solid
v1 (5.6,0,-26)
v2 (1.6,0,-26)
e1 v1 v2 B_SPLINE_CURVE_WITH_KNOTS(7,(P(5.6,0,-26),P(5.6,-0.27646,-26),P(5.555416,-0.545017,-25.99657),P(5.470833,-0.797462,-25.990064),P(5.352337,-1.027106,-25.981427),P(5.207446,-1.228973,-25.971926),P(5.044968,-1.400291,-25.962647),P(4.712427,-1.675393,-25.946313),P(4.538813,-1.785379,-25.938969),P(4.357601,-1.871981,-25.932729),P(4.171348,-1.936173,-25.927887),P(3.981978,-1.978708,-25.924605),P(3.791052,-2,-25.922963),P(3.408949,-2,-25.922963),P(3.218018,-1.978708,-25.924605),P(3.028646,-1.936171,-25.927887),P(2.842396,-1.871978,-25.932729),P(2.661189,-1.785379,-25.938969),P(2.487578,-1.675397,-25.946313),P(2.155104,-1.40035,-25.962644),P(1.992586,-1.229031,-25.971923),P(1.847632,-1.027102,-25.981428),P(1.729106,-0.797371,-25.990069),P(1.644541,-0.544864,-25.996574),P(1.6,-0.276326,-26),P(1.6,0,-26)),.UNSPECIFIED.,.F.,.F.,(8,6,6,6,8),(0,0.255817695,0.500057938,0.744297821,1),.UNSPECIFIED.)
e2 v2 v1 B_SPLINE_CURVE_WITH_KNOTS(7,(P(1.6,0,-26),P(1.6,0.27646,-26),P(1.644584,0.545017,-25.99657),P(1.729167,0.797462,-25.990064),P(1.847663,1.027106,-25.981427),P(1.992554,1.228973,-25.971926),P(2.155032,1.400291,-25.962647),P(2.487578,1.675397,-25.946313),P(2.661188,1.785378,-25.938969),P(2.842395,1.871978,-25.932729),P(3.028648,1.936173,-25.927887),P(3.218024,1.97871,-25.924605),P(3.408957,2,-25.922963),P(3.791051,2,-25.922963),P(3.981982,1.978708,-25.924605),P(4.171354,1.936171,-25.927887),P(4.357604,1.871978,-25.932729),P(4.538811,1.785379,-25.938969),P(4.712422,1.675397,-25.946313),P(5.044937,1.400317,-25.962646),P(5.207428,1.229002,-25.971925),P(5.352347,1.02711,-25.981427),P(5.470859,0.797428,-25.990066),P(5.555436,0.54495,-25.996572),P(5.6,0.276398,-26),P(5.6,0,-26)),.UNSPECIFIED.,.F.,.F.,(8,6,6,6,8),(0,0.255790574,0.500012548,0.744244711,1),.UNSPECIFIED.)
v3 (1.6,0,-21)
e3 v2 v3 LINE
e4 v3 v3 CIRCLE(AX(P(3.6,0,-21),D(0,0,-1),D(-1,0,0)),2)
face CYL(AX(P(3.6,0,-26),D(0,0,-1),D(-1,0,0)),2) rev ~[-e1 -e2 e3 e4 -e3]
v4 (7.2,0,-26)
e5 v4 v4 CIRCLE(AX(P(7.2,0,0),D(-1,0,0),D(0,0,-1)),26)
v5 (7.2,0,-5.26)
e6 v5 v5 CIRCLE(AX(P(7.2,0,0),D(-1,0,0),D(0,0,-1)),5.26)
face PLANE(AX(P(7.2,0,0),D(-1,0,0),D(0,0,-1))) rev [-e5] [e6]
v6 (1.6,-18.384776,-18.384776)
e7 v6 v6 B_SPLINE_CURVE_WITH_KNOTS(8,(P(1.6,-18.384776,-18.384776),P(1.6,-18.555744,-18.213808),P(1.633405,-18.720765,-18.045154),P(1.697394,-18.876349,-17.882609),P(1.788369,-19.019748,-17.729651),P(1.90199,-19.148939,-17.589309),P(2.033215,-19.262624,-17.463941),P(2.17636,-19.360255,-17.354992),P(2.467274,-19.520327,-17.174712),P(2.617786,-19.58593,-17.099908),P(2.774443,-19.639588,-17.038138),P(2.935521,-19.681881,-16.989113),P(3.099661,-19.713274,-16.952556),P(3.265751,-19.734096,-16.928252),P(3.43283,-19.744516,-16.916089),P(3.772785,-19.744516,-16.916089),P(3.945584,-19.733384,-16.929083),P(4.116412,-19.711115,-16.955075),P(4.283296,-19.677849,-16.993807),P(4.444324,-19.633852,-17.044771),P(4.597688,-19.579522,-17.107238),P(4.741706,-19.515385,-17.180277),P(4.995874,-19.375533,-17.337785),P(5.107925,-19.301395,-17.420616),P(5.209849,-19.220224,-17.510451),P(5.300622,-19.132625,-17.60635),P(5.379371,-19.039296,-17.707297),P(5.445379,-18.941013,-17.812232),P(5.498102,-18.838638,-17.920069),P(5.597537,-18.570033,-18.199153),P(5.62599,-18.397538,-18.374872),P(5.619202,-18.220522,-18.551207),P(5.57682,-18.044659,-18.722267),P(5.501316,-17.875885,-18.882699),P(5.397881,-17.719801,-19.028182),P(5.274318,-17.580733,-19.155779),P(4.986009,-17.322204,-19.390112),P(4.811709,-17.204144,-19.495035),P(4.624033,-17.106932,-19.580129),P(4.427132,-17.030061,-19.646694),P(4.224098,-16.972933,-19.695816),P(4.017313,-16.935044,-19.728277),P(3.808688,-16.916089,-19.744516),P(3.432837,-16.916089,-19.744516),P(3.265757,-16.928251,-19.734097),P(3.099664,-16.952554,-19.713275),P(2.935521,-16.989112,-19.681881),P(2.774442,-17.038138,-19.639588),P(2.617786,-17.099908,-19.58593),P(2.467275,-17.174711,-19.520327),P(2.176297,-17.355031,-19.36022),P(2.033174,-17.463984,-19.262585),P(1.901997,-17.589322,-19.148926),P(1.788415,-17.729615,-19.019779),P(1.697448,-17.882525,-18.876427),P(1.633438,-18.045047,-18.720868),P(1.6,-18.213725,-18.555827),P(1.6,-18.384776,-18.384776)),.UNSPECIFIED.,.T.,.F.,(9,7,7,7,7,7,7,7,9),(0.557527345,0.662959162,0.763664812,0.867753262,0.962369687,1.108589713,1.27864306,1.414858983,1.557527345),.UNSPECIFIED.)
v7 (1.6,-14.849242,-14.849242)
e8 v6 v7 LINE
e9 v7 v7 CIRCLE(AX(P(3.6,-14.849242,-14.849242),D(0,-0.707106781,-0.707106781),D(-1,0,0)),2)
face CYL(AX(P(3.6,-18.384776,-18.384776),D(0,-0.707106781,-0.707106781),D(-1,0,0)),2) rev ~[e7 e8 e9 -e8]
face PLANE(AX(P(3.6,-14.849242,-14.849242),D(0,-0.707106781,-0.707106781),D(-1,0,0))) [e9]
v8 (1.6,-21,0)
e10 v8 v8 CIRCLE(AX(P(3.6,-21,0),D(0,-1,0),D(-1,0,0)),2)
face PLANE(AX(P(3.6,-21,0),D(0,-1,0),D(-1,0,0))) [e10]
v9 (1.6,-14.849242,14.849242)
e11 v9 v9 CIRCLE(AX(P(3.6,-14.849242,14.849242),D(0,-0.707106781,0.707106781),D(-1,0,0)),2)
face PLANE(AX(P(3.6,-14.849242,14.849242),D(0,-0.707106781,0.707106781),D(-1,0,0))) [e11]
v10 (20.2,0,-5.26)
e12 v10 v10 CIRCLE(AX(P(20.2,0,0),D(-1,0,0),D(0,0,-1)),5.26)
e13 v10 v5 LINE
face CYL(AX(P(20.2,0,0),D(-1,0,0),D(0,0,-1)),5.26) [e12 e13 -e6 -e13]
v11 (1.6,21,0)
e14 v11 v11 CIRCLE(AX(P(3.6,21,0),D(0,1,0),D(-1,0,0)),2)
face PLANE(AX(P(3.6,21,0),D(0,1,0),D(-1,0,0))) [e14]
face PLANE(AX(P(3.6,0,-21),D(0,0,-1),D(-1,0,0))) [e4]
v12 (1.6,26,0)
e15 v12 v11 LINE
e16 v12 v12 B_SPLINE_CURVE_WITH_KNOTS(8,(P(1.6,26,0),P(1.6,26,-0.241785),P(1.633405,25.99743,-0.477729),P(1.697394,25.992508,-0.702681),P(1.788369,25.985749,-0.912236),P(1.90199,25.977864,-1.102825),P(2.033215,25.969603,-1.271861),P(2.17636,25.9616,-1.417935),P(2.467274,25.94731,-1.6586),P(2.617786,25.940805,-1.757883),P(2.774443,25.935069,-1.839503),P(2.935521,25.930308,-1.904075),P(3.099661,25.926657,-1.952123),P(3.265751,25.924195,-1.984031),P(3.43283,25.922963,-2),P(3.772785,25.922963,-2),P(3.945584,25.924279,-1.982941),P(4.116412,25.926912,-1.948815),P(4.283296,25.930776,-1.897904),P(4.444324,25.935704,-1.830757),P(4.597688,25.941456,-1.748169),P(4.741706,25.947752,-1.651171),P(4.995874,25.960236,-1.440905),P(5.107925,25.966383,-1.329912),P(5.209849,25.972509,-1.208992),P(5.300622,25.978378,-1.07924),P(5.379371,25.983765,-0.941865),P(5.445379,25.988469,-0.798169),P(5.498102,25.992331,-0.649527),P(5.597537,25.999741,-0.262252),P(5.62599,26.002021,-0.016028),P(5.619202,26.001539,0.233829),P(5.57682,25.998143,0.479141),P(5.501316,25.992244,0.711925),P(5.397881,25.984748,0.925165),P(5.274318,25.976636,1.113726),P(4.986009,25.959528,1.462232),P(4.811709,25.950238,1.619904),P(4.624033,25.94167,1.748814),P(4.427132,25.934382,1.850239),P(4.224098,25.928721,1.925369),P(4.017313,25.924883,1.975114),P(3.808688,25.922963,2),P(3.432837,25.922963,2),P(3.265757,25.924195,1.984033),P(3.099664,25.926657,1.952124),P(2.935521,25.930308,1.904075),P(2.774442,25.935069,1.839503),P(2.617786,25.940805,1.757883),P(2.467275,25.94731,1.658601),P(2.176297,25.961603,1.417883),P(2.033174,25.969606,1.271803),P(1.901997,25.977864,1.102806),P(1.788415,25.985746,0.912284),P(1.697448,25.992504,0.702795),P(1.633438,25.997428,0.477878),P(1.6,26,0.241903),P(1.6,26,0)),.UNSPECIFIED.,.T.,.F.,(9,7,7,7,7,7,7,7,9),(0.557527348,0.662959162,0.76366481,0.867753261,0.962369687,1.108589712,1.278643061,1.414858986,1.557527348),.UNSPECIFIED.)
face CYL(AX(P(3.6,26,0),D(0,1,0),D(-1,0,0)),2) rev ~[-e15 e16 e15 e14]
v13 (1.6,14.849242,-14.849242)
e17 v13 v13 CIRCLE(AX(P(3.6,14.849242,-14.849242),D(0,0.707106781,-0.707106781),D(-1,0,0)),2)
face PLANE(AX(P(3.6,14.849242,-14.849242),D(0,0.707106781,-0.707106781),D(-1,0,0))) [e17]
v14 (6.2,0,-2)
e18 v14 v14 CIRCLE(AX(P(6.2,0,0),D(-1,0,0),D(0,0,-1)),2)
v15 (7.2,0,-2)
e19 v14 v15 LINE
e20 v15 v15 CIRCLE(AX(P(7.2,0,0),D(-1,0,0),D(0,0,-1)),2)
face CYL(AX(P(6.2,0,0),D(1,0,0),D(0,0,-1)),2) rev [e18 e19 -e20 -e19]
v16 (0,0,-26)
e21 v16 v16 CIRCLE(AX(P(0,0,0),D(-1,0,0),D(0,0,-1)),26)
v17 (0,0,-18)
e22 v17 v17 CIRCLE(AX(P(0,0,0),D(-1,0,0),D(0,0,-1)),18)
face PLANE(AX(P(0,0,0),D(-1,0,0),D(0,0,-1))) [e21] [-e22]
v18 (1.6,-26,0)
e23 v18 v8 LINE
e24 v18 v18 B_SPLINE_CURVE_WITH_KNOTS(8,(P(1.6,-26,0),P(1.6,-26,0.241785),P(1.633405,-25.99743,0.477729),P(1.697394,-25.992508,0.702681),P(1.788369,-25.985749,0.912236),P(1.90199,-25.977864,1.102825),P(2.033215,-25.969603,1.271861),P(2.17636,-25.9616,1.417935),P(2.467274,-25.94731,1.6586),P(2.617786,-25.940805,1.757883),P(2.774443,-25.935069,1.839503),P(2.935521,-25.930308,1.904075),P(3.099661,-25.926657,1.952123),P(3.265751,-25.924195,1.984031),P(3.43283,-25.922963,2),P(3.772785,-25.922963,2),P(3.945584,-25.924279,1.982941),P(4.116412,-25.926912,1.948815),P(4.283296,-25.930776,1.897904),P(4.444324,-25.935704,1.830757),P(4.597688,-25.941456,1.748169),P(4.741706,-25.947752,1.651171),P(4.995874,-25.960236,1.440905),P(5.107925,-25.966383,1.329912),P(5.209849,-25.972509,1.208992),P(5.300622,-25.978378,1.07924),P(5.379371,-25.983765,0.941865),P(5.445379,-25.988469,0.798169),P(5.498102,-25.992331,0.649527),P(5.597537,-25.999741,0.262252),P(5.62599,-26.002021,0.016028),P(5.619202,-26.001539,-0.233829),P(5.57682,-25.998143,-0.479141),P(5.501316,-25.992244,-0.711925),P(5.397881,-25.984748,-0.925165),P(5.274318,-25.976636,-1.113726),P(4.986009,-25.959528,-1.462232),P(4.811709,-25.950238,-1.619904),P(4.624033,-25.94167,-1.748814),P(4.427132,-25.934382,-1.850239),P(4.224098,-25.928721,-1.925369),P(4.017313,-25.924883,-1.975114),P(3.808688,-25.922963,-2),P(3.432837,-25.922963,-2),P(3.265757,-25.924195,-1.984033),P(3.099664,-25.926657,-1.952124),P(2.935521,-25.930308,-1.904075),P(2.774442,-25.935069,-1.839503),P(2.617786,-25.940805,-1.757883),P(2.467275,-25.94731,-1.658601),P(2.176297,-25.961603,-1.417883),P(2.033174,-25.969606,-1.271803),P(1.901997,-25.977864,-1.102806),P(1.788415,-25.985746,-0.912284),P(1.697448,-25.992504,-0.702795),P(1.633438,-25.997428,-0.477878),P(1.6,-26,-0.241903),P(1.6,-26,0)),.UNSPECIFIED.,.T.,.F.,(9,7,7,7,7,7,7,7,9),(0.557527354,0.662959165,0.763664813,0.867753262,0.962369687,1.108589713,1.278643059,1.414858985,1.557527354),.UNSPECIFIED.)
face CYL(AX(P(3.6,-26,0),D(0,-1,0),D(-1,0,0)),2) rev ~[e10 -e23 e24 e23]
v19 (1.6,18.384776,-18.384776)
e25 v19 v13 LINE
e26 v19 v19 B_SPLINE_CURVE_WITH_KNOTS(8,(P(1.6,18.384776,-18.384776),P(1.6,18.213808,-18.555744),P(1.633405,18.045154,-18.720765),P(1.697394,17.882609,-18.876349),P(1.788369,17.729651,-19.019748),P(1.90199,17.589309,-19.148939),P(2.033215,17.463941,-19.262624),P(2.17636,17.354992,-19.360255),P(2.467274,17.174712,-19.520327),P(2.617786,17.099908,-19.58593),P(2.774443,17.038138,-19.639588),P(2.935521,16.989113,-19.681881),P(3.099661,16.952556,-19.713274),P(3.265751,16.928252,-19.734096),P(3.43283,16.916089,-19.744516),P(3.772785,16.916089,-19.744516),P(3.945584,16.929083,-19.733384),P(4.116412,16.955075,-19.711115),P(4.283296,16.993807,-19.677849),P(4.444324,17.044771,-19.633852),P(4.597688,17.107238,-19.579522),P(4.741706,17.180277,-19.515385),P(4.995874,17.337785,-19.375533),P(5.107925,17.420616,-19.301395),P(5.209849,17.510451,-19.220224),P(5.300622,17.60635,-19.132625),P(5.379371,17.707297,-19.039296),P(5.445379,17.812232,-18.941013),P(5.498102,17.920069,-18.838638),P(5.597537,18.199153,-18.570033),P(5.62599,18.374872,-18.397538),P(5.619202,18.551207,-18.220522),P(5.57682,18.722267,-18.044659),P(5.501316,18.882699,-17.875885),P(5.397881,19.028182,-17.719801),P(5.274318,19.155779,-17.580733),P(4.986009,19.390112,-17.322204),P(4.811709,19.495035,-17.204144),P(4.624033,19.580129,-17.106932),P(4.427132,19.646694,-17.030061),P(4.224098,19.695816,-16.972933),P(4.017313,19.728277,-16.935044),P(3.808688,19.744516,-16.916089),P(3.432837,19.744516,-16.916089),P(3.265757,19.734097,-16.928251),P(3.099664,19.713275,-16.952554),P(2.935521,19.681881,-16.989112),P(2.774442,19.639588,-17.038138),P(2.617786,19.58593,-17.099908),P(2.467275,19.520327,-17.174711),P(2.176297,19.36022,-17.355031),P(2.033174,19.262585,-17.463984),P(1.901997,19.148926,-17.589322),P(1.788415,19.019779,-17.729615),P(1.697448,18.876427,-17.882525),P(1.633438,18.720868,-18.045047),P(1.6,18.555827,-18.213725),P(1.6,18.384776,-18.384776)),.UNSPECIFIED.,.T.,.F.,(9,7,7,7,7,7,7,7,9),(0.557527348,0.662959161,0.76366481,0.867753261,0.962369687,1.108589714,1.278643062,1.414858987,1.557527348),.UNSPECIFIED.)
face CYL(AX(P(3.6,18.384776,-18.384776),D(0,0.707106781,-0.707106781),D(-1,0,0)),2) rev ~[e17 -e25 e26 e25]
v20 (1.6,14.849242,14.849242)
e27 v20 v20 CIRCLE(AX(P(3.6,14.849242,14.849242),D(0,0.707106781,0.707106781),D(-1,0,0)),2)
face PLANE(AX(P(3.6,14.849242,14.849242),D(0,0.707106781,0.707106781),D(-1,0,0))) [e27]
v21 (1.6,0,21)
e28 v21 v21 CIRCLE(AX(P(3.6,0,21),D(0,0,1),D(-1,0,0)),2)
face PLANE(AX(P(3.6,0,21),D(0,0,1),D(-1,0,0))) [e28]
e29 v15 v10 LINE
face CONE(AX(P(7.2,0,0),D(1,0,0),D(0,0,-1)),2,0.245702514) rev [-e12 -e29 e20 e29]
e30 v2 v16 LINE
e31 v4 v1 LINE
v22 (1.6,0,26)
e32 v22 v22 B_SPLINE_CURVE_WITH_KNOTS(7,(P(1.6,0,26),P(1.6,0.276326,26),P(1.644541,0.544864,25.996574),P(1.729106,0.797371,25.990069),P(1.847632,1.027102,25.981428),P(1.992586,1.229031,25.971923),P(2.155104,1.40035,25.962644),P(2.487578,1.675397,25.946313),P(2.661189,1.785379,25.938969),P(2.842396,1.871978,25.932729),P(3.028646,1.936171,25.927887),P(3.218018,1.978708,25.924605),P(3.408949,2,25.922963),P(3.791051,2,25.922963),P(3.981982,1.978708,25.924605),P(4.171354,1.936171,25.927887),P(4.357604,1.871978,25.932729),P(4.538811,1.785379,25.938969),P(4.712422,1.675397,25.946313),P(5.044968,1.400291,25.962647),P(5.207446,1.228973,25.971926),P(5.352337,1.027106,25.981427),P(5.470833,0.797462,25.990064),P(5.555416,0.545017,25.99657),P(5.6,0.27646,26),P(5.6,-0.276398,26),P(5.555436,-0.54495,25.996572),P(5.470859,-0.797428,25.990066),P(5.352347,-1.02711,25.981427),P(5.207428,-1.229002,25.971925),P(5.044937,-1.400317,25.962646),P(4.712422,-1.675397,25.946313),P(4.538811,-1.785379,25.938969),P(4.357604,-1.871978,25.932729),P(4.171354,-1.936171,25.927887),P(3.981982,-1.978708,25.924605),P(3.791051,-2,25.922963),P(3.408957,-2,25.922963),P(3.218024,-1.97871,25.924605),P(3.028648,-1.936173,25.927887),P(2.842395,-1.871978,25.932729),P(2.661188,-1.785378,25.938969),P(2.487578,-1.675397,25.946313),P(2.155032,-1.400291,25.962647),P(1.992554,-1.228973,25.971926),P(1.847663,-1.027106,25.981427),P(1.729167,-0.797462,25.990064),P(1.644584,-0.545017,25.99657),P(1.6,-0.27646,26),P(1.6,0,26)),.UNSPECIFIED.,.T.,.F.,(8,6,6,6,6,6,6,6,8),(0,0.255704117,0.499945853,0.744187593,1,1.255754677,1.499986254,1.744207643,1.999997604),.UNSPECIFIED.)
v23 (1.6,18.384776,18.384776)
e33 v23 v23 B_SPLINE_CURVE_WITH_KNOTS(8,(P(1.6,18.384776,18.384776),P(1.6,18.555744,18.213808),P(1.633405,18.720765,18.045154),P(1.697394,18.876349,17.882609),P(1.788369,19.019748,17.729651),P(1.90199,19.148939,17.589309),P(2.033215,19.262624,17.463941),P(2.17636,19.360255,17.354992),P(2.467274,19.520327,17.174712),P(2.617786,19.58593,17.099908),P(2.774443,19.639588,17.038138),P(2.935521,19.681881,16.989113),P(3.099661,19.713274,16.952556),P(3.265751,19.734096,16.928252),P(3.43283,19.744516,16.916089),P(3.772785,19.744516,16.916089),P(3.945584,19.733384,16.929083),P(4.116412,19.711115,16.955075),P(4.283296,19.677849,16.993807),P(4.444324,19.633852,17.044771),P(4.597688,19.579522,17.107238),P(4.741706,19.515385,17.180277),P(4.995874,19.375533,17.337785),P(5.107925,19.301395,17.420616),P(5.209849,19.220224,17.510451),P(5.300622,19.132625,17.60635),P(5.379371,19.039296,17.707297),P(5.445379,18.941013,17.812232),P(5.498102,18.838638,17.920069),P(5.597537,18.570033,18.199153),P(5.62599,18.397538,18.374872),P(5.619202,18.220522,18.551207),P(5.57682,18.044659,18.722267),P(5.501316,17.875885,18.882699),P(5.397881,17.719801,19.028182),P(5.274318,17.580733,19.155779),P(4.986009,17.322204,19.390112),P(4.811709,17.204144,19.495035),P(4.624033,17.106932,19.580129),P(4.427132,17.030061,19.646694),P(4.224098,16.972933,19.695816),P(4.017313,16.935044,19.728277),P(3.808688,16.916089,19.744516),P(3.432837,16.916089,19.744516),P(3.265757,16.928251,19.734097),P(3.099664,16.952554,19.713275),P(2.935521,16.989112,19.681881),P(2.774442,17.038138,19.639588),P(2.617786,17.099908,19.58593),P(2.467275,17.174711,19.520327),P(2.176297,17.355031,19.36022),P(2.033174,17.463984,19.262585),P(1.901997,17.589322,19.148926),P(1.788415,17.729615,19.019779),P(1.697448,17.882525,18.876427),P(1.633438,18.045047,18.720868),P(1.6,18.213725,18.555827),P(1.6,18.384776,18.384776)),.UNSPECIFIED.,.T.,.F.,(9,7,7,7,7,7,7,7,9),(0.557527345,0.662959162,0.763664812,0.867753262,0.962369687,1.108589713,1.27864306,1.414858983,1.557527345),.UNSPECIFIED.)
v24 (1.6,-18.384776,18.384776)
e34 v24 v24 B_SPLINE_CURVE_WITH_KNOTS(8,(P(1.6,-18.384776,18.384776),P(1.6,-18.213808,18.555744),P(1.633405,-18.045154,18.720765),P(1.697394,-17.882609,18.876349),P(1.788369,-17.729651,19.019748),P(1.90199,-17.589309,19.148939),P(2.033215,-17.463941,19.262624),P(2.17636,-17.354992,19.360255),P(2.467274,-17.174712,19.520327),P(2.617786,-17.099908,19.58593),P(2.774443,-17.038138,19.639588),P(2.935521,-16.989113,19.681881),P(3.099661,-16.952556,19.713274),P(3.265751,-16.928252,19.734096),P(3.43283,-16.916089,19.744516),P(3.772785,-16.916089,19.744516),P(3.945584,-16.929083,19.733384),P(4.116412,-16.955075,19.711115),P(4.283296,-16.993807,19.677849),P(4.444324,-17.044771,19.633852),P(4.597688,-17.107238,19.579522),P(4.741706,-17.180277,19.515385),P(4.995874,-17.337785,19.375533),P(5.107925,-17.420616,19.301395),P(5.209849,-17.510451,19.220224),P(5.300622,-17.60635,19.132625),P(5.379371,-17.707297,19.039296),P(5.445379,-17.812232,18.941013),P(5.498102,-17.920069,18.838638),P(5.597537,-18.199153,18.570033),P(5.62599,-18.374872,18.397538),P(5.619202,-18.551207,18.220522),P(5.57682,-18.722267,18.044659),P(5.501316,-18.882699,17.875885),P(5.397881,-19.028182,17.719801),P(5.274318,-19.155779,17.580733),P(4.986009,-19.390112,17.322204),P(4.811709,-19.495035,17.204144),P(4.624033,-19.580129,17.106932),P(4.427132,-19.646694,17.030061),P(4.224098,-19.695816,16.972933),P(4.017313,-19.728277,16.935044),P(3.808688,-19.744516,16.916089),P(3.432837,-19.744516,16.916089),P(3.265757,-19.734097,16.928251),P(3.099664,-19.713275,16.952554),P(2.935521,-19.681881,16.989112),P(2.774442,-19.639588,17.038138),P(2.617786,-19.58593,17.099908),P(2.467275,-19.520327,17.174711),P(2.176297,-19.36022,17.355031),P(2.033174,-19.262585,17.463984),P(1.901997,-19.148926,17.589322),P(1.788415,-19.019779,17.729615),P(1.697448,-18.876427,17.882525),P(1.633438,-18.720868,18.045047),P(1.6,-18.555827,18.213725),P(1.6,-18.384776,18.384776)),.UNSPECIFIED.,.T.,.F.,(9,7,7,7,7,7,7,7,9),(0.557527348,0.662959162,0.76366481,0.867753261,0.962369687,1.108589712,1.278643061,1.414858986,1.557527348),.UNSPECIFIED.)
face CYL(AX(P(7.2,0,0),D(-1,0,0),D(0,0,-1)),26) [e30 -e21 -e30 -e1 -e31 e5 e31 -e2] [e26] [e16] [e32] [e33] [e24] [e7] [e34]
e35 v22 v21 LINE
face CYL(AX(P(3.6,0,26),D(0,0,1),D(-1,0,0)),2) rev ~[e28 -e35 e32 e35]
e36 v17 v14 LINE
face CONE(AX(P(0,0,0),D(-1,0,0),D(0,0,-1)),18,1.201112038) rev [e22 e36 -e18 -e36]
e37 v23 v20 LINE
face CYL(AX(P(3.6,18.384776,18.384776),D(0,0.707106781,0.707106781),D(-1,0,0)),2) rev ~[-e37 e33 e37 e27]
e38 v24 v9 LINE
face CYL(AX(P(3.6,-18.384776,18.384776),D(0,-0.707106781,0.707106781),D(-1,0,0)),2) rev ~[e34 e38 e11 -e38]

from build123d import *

# Parameters (mm, degrees)
SKETCH2_R          = 2
CUT_EXTRUDE1_DEPTH = 5
CIRPATTERN1_COUNT  = 8


with BuildPart() as part:
    # Sketch1 → Revolve2 (revolve)
    with BuildSketch(Plane.XY, mode=Mode.PRIVATE) as revolve2_sk:
        Polygon((7.2, 26), (0, 26), (0, 18), (6.2, 2), (7.2, 2), (20.2, 5.26), (7.2, 5.26), align=None)
    revolve(revolve2_sk.sketch.rotate(Axis((20.2, 0, 0), (-1, 0, 0)), 90), axis=Axis((20.2, 0, 0), (-1, 0, 0)))

    # Sketch2 → Cut-Extrude1 (cut)
    with BuildSketch(Plane(origin=(0, 0, -26), x_dir=(-1, 0, 0), z_dir=(0, 0, -1))):
        with Locations((-3.6, 0)):
            Circle(SKETCH2_R)
    cut_extrude1 = extrude(amount=-CUT_EXTRUDE1_DEPTH, mode=Mode.SUBTRACT)

    # CirPattern1: Cut-Extrude1 ×8 about axis
    cirpattern1_axis = Axis((0, 0, 0), (1, 0, 0))
    for i in range(1, CIRPATTERN1_COUNT):
        add(cut_extrude1.rotate(cirpattern1_axis, i * 360 / CIRPATTERN1_COUNT), mode=Mode.SUBTRACT)


solid = part.part
